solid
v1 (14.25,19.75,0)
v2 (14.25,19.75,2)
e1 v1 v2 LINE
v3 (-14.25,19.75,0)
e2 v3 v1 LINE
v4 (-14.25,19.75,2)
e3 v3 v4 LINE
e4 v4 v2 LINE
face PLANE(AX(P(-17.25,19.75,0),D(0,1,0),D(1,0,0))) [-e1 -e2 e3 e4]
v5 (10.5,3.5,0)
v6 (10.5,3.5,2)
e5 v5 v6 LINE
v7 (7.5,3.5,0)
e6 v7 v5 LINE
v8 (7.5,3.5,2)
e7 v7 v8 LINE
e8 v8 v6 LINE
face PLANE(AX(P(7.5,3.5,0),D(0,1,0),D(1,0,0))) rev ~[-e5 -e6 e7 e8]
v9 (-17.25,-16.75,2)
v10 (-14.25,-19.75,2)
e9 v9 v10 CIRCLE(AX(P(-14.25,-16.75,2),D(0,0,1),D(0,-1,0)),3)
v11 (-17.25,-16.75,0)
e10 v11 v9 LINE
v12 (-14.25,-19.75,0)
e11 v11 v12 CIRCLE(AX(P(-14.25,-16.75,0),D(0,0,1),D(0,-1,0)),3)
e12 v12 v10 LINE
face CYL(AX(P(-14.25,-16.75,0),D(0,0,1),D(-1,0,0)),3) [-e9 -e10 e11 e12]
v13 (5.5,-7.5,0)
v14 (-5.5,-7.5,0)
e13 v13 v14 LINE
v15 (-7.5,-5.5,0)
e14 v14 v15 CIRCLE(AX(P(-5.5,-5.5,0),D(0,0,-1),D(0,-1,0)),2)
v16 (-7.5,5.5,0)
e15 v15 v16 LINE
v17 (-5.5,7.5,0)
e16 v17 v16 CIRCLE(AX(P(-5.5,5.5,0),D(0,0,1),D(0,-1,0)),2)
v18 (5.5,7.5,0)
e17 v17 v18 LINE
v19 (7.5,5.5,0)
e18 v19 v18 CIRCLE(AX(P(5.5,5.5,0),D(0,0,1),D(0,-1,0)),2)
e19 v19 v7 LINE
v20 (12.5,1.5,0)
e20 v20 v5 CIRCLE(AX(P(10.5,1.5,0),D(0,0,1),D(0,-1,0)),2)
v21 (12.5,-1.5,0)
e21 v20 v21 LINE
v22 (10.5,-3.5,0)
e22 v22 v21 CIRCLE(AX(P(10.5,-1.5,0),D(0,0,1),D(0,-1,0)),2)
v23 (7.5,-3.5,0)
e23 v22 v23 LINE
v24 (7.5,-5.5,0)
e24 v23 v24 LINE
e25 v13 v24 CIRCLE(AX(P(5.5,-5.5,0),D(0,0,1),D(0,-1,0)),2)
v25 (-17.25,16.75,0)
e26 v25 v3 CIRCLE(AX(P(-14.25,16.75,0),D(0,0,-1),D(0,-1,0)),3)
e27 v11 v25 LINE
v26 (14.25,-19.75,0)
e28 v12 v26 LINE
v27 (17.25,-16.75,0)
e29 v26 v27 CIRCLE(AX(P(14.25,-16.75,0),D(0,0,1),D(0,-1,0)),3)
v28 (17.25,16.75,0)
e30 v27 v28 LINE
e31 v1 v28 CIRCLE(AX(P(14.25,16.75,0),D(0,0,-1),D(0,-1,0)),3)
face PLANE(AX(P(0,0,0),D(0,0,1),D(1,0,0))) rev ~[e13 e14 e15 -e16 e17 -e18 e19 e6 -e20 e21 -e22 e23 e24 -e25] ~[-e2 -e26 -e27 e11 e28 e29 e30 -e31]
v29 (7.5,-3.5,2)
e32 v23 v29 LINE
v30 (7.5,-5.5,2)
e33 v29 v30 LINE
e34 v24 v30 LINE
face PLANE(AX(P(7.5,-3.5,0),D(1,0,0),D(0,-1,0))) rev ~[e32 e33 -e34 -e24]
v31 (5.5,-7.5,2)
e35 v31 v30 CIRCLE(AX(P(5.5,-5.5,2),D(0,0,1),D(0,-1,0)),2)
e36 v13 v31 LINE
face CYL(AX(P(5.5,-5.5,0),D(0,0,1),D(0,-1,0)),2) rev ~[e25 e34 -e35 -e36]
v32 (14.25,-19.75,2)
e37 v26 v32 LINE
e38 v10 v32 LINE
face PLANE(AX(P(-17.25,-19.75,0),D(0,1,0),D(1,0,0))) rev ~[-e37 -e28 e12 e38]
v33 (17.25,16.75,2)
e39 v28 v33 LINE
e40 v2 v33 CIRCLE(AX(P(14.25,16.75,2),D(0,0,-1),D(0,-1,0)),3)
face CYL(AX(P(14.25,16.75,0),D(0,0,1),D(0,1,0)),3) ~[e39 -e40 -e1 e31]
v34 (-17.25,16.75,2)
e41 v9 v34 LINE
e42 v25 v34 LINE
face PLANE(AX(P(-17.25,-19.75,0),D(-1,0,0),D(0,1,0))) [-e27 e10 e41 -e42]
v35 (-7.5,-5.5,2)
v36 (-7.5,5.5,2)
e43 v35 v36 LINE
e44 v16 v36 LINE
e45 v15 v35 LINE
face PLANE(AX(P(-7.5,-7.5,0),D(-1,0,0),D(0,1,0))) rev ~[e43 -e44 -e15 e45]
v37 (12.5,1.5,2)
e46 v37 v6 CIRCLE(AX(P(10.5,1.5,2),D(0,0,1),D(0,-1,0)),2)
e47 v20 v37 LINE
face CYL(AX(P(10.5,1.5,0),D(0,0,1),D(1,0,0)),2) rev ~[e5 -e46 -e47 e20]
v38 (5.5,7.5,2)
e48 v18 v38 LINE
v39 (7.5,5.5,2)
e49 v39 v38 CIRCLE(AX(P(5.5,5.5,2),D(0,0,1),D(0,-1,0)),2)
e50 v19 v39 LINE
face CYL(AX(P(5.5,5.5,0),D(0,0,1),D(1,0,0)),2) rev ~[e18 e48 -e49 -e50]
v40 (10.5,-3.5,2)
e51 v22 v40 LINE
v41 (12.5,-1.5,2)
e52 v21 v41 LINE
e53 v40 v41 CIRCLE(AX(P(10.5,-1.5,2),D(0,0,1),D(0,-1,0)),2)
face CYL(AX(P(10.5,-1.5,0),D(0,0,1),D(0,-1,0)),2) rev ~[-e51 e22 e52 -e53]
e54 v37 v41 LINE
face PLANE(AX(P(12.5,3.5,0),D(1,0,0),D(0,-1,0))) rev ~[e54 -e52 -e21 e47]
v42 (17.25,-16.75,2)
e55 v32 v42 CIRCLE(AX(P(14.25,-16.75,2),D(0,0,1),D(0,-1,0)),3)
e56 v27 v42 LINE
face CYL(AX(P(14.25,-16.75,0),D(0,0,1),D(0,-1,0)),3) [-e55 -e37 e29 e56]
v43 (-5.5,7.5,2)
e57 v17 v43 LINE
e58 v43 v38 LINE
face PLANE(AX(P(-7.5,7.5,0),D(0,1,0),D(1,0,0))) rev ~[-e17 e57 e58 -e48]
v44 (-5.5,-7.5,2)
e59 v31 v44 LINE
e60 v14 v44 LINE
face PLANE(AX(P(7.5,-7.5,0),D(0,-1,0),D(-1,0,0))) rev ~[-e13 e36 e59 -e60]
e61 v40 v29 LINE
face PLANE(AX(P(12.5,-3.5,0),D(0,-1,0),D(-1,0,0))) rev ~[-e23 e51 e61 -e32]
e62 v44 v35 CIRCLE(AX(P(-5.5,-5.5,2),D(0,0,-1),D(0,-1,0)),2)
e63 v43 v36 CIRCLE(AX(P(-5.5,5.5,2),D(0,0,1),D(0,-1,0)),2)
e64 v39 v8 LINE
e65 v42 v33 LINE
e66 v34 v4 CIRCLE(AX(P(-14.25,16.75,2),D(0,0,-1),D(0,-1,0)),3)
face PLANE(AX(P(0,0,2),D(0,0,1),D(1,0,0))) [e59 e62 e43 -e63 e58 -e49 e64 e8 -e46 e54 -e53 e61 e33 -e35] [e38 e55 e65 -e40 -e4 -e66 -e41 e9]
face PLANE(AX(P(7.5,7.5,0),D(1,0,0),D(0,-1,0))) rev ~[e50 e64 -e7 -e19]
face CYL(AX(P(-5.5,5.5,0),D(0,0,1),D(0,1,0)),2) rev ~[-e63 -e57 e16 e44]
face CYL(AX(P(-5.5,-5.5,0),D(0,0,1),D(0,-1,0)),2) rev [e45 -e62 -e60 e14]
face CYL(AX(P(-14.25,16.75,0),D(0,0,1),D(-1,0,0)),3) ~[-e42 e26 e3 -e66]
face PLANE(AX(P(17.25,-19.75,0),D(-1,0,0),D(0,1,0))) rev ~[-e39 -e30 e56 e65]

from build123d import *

# Parameters (mm, degrees)
SKETCH_W      = 34.5
SKETCH_H      = 39.5
EXTRUDE_DEPTH = 2
FILLET_R      = 3
FILLET001_R   = 2


with BuildPart() as part:
    # Sketch → Extrude (new body)
    with BuildSketch(Plane.XY):
        Rectangle(SKETCH_W, SKETCH_H)
        Polygon((-7.5, -7.5), (-7.5, 7.5), (7.5, 7.5), (7.5, 3.5), (12.5, 3.5), (12.5, -3.5), (7.5, -3.5), (7.5, -7.5), align=None, mode=Mode.SUBTRACT)
    extrude(amount=EXTRUDE_DEPTH)

    # Fillet
    fillet_edges = [part.edges().sort_by_distance(p)[0] for p in [
        (-17.25, -19.75, 1),
        (-17.25, 19.75, 1),
        (17.25, 19.75, 1),
        (17.25, -19.75, 1),
    ]]
    fillet(fillet_edges, radius=FILLET_R)

    # Fillet001
    fillet001_edges = [part.edges().sort_by_distance(p)[0] for p in [
        (-7.5, -7.5, 1),
        (-7.5, 7.5, 1),
        (7.5, 7.5, 1),
        (12.5, 3.5, 1),
        (12.5, -3.5, 1),
        (7.5, -7.5, 1),
    ]]
    fillet(fillet001_edges, radius=FILLET001_R)


solid = part.part
